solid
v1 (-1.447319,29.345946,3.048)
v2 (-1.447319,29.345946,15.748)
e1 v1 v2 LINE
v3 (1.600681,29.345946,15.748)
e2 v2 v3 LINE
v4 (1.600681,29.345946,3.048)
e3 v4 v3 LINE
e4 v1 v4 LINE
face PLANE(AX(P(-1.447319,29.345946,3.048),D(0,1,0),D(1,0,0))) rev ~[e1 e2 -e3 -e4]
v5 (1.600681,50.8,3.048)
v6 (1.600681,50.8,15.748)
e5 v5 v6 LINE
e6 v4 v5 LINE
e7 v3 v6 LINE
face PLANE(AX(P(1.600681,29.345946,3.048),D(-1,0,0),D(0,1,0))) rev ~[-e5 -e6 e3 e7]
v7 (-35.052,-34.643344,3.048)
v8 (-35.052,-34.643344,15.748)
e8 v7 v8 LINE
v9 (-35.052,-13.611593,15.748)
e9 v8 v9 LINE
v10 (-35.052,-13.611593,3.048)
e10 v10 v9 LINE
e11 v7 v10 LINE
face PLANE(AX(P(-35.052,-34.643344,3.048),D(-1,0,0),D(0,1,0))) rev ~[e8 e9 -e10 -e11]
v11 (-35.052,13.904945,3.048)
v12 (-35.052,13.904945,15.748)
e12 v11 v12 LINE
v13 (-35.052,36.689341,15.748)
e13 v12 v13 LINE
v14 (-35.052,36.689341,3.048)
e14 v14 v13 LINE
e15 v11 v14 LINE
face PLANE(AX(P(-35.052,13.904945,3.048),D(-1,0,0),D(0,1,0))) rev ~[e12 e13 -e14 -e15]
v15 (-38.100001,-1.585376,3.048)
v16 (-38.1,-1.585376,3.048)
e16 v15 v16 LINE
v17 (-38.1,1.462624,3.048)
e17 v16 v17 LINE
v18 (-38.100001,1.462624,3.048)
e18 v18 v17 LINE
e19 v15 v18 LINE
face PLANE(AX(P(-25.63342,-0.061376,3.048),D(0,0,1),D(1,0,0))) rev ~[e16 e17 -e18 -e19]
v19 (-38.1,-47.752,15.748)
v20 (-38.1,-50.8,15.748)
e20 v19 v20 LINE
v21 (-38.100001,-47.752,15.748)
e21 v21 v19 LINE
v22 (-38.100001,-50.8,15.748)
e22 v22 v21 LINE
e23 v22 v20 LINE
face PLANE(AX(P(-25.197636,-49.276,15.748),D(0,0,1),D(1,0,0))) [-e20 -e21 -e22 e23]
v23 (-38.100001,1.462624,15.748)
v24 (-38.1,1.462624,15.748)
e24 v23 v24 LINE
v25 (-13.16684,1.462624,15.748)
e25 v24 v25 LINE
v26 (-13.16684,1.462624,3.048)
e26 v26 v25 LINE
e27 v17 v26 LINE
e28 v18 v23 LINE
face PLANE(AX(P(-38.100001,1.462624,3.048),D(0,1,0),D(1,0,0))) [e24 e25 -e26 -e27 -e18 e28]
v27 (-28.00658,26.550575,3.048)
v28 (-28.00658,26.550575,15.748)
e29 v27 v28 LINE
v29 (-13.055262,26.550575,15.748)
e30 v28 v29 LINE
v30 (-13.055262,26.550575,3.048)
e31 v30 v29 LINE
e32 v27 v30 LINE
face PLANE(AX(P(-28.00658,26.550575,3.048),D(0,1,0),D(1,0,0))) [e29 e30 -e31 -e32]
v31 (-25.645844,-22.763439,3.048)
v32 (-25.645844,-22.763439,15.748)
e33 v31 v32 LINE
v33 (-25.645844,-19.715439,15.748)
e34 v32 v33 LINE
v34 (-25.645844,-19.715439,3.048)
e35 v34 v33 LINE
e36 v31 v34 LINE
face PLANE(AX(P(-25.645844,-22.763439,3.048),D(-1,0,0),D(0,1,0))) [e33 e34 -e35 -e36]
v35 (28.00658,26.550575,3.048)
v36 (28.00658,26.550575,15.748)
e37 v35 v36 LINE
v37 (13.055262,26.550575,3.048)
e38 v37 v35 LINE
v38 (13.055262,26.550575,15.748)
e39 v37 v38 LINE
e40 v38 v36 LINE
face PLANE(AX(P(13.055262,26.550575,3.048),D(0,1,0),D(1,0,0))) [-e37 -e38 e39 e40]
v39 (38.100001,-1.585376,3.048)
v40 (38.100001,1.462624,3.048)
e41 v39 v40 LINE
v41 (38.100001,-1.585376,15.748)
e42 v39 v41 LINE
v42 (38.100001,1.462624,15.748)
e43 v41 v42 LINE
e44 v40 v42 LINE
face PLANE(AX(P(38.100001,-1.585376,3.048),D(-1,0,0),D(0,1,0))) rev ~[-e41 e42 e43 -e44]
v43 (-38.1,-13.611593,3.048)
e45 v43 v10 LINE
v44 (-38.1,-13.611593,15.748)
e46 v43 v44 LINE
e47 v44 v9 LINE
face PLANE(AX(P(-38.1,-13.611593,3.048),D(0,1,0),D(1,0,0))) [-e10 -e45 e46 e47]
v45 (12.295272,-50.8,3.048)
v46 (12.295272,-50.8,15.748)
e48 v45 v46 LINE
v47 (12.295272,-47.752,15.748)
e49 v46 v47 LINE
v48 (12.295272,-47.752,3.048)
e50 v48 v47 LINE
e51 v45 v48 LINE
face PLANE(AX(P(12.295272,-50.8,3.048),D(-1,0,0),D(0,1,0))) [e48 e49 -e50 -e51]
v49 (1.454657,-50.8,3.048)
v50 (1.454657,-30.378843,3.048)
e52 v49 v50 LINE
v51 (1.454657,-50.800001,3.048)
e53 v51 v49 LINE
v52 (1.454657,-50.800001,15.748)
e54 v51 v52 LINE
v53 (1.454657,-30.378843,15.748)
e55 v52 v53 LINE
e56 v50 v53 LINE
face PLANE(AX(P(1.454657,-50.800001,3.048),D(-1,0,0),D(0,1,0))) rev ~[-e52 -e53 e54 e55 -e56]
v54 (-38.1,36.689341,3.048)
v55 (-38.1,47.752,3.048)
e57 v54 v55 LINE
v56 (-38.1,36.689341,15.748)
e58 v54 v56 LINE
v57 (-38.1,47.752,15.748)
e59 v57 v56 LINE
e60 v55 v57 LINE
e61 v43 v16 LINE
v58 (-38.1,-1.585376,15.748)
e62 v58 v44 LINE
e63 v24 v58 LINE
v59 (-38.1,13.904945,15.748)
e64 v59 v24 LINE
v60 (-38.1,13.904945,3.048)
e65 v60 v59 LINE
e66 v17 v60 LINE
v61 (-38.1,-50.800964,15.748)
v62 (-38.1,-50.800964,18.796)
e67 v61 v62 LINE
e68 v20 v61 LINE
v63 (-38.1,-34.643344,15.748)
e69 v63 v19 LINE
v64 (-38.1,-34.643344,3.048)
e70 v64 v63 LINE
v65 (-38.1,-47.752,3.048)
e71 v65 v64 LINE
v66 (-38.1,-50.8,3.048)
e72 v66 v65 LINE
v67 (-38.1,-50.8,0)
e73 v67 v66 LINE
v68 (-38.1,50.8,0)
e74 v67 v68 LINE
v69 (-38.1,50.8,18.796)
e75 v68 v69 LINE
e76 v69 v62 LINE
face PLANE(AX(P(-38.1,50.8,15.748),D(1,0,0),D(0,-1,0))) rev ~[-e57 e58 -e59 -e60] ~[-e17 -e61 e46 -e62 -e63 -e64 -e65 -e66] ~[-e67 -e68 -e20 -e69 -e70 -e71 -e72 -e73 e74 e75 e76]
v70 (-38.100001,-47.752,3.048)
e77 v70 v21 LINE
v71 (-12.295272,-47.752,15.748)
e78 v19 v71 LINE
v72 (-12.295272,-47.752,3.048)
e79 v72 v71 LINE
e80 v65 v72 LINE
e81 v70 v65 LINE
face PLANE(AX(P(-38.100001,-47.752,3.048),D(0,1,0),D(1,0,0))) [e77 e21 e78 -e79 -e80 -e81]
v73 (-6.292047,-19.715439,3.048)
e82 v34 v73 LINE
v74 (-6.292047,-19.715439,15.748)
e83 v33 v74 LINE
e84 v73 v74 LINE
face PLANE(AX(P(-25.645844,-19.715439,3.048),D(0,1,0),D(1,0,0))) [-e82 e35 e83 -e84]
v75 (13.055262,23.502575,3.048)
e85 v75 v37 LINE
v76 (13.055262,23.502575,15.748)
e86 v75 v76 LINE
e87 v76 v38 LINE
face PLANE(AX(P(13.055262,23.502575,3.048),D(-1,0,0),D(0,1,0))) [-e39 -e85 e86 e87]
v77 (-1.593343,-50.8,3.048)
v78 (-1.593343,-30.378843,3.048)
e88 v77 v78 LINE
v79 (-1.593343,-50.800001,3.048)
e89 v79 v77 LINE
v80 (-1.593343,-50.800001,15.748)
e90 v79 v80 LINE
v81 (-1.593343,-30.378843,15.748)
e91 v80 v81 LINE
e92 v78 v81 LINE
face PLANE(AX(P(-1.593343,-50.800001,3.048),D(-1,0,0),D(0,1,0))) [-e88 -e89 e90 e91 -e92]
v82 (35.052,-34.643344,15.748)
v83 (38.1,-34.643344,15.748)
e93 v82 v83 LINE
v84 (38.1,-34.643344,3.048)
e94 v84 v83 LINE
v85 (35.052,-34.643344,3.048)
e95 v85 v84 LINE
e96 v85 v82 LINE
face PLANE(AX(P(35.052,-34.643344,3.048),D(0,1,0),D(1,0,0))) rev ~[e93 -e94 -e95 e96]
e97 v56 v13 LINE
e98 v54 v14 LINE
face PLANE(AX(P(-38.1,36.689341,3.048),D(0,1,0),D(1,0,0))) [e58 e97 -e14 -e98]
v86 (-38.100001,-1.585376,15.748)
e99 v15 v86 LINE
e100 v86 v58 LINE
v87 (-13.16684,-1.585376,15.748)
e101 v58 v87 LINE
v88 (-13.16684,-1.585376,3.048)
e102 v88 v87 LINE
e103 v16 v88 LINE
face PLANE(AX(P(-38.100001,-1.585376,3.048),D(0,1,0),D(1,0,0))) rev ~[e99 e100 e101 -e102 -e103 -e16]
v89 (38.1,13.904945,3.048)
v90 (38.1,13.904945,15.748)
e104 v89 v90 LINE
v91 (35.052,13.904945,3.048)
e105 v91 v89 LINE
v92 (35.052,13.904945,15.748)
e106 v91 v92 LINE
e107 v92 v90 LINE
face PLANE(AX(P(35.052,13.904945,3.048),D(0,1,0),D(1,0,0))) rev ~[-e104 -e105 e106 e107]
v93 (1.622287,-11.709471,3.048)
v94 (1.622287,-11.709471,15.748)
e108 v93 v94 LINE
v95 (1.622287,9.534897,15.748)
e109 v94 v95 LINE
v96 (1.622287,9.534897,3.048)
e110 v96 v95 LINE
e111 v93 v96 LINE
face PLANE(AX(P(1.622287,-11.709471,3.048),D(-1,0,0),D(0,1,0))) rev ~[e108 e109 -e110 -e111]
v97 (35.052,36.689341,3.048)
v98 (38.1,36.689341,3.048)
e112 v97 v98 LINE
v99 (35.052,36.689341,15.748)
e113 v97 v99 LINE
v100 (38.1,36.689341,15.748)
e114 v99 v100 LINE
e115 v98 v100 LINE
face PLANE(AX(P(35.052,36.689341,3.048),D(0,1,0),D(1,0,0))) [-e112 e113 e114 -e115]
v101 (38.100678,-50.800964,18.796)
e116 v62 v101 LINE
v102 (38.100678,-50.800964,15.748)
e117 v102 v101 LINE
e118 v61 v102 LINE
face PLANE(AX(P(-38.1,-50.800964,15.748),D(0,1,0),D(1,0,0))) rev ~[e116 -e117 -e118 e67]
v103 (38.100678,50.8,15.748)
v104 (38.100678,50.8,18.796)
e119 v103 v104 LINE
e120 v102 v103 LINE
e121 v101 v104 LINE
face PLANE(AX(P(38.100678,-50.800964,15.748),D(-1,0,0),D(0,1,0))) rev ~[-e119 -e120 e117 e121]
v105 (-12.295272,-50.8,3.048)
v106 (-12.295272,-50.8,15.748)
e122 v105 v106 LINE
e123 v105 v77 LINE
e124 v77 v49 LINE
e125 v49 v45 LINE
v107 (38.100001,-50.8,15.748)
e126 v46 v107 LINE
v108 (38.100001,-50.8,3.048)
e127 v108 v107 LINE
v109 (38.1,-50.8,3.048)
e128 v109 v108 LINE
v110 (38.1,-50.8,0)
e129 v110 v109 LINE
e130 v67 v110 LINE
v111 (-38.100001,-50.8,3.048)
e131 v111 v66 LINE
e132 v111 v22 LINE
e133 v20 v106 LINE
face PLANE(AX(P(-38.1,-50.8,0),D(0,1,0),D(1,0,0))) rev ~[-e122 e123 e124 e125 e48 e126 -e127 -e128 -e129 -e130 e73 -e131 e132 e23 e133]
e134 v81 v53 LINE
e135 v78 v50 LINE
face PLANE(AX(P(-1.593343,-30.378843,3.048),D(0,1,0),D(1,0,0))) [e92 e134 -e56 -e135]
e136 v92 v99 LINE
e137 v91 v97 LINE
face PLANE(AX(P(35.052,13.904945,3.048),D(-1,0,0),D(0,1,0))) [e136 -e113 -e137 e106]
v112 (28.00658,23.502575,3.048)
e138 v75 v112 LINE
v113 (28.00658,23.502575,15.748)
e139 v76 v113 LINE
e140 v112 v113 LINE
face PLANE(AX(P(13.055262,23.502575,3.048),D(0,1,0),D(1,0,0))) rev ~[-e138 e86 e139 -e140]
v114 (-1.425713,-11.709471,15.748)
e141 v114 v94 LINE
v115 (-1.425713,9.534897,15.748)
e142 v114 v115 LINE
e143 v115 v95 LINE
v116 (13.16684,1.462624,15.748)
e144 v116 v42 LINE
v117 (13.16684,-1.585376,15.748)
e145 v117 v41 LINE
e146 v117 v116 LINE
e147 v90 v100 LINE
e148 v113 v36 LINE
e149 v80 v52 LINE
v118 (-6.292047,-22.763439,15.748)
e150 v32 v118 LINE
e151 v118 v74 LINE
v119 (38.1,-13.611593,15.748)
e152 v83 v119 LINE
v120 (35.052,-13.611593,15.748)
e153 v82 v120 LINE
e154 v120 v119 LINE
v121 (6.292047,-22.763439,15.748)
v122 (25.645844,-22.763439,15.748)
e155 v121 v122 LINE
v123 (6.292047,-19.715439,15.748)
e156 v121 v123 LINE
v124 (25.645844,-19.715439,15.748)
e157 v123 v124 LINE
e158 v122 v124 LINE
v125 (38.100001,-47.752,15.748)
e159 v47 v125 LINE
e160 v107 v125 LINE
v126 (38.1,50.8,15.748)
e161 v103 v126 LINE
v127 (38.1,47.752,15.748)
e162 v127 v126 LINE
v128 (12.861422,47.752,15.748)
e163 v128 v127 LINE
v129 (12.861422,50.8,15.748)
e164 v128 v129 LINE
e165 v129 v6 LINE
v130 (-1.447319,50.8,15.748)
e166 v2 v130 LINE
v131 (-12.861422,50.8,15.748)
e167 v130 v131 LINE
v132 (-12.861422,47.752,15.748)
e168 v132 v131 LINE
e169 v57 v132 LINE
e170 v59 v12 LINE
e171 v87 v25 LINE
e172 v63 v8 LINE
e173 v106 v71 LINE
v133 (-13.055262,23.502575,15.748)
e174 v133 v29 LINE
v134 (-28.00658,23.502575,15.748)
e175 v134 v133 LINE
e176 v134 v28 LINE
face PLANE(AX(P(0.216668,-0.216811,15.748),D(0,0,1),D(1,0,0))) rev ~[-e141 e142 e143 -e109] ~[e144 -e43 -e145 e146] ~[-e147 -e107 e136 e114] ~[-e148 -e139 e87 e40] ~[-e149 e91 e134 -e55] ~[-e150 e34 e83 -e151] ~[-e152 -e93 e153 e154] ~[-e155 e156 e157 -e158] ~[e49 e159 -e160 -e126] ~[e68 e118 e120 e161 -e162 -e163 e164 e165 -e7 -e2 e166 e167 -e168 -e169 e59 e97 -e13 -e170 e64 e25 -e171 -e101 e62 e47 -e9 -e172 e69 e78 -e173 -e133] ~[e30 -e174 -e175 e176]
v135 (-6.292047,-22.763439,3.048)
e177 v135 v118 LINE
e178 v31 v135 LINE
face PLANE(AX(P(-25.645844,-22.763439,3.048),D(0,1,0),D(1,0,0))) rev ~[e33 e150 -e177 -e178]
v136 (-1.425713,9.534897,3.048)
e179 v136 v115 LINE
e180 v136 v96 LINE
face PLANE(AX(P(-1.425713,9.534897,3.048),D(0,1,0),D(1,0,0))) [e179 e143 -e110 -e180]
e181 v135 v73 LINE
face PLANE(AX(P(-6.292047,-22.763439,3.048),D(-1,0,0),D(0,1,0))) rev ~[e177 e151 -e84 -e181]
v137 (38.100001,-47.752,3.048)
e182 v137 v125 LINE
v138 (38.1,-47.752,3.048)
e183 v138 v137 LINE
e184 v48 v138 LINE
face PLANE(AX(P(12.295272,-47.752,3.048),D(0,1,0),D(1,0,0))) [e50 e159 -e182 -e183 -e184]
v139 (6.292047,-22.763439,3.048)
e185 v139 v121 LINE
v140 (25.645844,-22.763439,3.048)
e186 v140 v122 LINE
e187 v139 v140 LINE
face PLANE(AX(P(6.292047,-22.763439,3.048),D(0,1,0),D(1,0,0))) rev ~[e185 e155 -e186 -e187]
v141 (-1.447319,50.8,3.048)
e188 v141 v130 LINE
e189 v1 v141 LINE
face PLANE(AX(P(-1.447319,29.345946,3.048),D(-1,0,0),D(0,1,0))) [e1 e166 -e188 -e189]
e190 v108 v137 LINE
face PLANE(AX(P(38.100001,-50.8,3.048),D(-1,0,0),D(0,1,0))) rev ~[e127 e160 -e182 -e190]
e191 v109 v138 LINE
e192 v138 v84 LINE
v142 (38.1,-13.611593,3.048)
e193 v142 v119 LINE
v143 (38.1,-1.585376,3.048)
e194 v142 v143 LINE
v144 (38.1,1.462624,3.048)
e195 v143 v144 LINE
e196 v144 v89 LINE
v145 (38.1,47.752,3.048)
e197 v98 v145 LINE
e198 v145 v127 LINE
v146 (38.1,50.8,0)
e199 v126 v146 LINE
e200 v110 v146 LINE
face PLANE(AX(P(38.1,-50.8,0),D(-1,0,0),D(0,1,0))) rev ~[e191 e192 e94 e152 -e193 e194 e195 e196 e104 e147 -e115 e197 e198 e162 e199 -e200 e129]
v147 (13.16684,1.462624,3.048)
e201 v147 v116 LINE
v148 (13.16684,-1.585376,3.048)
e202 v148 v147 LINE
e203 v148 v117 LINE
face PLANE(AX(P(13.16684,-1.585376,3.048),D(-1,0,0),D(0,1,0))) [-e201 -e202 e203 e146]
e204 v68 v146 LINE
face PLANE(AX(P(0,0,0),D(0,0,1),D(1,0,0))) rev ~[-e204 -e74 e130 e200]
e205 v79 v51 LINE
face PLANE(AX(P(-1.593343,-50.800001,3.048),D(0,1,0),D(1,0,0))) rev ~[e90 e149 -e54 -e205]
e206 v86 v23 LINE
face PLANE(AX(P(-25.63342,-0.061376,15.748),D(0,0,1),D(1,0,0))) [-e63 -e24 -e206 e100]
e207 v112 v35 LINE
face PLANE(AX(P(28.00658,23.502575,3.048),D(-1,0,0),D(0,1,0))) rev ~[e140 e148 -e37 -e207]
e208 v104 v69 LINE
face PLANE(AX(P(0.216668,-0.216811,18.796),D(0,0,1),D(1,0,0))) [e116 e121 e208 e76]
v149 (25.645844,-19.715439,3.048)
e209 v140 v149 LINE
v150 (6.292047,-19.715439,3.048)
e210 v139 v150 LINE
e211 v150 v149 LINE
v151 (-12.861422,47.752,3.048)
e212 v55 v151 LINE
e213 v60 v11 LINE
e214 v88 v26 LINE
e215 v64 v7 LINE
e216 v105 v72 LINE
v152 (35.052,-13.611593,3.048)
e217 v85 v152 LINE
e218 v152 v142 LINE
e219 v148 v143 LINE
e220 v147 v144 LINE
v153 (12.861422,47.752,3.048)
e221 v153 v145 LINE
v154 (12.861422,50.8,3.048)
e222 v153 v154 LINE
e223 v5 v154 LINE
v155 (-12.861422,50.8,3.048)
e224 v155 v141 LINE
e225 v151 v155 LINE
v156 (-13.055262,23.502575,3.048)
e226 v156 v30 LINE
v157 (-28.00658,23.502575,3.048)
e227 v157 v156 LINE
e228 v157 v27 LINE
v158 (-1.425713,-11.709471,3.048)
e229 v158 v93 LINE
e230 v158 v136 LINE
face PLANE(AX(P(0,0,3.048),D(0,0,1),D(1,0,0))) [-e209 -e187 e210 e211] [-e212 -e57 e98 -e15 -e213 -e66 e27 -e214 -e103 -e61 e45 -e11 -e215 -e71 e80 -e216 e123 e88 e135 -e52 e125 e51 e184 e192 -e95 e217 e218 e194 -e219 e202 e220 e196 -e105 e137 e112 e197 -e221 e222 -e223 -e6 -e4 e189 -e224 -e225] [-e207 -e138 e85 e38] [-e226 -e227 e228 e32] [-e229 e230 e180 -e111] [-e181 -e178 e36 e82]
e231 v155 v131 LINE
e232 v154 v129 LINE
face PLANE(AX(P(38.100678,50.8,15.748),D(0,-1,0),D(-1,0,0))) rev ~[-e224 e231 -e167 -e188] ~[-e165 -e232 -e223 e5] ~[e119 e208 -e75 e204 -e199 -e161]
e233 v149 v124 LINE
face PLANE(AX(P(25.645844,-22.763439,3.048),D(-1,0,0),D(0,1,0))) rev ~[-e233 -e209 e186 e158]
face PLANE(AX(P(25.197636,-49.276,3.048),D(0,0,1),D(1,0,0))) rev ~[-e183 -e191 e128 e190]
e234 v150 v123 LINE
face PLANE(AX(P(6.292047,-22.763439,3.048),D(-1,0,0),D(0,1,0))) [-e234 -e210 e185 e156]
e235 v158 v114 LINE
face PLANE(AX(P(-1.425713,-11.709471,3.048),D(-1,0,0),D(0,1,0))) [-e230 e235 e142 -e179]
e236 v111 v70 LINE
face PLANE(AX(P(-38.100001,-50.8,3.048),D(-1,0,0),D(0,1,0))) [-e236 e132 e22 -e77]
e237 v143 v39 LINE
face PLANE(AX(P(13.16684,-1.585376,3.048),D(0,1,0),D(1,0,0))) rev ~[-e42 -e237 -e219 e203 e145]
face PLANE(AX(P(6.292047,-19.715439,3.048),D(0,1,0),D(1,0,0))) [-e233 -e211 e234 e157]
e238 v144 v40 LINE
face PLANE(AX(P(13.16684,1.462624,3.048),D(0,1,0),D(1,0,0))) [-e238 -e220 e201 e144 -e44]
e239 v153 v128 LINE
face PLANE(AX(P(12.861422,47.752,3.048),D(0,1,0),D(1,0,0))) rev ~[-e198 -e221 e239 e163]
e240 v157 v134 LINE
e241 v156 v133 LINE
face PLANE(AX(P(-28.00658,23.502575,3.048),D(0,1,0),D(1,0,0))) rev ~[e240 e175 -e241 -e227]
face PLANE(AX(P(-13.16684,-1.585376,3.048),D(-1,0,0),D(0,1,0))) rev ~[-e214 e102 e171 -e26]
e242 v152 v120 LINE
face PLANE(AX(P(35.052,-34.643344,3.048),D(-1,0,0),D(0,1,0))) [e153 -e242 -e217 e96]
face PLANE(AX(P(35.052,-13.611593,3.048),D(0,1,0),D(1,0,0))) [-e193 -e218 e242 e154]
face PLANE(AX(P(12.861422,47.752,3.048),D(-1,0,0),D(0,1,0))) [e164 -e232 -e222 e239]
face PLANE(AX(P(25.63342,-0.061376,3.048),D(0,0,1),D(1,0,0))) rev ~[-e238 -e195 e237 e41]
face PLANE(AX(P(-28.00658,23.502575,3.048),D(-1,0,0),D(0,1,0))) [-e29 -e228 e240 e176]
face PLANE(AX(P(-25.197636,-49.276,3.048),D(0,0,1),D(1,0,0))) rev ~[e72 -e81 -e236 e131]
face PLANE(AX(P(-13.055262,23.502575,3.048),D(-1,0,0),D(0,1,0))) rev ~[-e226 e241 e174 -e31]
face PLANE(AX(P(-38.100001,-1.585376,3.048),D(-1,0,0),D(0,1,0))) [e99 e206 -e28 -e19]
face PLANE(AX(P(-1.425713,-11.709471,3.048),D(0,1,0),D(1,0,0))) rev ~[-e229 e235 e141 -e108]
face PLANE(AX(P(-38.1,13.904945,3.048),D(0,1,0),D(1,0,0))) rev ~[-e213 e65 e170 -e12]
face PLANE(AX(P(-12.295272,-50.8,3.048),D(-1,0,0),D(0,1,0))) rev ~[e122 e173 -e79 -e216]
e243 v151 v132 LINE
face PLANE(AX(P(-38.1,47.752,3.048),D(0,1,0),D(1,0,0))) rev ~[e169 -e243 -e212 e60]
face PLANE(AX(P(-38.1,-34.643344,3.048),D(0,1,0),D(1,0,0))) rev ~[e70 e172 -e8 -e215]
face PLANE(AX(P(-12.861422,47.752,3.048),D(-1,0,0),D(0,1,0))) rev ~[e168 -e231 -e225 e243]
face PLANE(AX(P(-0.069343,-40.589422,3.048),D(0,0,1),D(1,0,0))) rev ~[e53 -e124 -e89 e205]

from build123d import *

# Parameters (mm, degrees)
F0_W     = 76.2
F0_H     = 101.6
F1_DEPTH = 3.048
F2_W     = 25.238578
F2_H     = 3.048
F2_W_2   = 3.048
F2_H_2   = 21.454054
F2_W_3   = 14.951317
F2_H_3   = 22.784396
F2_W_4   = 24.933161
F2_H_4   = 21.244367
F2_H_5   = 21.031751
F2_W_5   = 19.353797
F2_H_6   = 20.421157
F2_W_6   = 25.804729
F3_DEPTH = 12.7
F4_W     = 25.238578
F4_H     = 3.048
F5_DEPTH = 3.048


with BuildPart() as f1:
    # F0 (on Top) → F1 (new body)
    with BuildSketch(Plane.XY):
        Rectangle(F0_W, F0_H)
    extrude(amount=F1_DEPTH)

    # F2 (on face) → F3 (join)
    with BuildSketch(Plane.XY.offset(3.048)):
        with Locations((-25.480711, 49.276)):
            Rectangle(F2_W, F2_H)
        with Locations((25.480711, 49.276)):
            Rectangle(F2_W, F2_H)
        with Locations((0.076681, 40.072973)):
            Rectangle(F2_W_2, F2_H_2)
        with Locations((-20.530921, 25.026575)):
            Rectangle(F2_W_3, F2_H)
        with Locations((-36.576, 25.297143)):
            Rectangle(F2_W_2, F2_H_3)
        with Locations((20.530921, 25.026575)):
            Rectangle(F2_W_3, F2_H)
        with Locations((36.576, 25.297143)):
            Rectangle(F2_W_2, F2_H_3)
        with Locations((25.63342, -0.061376)):
            Rectangle(F2_W_4, F2_H)
        with Locations((0.098287, -1.087287)):
            Rectangle(F2_W_2, F2_H_4)
        with Locations((-25.63342, -0.061376)):
            Rectangle(F2_W_4, F2_H)
        with Locations((-36.576, -24.127469)):
            Rectangle(F2_W_2, F2_H_5)
        with Locations((-15.968946, -21.239439)):
            Rectangle(F2_W_5, F2_H)
        with Locations((15.968946, -21.239439)):
            Rectangle(F2_W_5, F2_H)
        with Locations((36.576, -24.127469)):
            Rectangle(F2_W_2, F2_H_5)
        with Locations((-0.069343, -40.589422)):
            Rectangle(F2_W_2, F2_H_6)
        with Locations((-25.197636, -49.276)):
            Rectangle(F2_W_6, F2_H)
        with Locations((25.197636, -49.276)):
            Rectangle(F2_W_6, F2_H)
    extrude(amount=F3_DEPTH)

    # F4 (on face) → F5 (join)
    with BuildSketch(Plane.XY.offset(15.748)):
        Polygon((38.100678, 50.8), (-12.861422, 50.8), (-12.861422, 47.752), (-38.1, 47.752), (-38.1, -50.800964), (38.100678, -50.800964), align=None)
        with Locations((-25.480711, 49.276)):
            Rectangle(F4_W, F4_H)
    extrude(amount=F5_DEPTH)


solid = f1.part
